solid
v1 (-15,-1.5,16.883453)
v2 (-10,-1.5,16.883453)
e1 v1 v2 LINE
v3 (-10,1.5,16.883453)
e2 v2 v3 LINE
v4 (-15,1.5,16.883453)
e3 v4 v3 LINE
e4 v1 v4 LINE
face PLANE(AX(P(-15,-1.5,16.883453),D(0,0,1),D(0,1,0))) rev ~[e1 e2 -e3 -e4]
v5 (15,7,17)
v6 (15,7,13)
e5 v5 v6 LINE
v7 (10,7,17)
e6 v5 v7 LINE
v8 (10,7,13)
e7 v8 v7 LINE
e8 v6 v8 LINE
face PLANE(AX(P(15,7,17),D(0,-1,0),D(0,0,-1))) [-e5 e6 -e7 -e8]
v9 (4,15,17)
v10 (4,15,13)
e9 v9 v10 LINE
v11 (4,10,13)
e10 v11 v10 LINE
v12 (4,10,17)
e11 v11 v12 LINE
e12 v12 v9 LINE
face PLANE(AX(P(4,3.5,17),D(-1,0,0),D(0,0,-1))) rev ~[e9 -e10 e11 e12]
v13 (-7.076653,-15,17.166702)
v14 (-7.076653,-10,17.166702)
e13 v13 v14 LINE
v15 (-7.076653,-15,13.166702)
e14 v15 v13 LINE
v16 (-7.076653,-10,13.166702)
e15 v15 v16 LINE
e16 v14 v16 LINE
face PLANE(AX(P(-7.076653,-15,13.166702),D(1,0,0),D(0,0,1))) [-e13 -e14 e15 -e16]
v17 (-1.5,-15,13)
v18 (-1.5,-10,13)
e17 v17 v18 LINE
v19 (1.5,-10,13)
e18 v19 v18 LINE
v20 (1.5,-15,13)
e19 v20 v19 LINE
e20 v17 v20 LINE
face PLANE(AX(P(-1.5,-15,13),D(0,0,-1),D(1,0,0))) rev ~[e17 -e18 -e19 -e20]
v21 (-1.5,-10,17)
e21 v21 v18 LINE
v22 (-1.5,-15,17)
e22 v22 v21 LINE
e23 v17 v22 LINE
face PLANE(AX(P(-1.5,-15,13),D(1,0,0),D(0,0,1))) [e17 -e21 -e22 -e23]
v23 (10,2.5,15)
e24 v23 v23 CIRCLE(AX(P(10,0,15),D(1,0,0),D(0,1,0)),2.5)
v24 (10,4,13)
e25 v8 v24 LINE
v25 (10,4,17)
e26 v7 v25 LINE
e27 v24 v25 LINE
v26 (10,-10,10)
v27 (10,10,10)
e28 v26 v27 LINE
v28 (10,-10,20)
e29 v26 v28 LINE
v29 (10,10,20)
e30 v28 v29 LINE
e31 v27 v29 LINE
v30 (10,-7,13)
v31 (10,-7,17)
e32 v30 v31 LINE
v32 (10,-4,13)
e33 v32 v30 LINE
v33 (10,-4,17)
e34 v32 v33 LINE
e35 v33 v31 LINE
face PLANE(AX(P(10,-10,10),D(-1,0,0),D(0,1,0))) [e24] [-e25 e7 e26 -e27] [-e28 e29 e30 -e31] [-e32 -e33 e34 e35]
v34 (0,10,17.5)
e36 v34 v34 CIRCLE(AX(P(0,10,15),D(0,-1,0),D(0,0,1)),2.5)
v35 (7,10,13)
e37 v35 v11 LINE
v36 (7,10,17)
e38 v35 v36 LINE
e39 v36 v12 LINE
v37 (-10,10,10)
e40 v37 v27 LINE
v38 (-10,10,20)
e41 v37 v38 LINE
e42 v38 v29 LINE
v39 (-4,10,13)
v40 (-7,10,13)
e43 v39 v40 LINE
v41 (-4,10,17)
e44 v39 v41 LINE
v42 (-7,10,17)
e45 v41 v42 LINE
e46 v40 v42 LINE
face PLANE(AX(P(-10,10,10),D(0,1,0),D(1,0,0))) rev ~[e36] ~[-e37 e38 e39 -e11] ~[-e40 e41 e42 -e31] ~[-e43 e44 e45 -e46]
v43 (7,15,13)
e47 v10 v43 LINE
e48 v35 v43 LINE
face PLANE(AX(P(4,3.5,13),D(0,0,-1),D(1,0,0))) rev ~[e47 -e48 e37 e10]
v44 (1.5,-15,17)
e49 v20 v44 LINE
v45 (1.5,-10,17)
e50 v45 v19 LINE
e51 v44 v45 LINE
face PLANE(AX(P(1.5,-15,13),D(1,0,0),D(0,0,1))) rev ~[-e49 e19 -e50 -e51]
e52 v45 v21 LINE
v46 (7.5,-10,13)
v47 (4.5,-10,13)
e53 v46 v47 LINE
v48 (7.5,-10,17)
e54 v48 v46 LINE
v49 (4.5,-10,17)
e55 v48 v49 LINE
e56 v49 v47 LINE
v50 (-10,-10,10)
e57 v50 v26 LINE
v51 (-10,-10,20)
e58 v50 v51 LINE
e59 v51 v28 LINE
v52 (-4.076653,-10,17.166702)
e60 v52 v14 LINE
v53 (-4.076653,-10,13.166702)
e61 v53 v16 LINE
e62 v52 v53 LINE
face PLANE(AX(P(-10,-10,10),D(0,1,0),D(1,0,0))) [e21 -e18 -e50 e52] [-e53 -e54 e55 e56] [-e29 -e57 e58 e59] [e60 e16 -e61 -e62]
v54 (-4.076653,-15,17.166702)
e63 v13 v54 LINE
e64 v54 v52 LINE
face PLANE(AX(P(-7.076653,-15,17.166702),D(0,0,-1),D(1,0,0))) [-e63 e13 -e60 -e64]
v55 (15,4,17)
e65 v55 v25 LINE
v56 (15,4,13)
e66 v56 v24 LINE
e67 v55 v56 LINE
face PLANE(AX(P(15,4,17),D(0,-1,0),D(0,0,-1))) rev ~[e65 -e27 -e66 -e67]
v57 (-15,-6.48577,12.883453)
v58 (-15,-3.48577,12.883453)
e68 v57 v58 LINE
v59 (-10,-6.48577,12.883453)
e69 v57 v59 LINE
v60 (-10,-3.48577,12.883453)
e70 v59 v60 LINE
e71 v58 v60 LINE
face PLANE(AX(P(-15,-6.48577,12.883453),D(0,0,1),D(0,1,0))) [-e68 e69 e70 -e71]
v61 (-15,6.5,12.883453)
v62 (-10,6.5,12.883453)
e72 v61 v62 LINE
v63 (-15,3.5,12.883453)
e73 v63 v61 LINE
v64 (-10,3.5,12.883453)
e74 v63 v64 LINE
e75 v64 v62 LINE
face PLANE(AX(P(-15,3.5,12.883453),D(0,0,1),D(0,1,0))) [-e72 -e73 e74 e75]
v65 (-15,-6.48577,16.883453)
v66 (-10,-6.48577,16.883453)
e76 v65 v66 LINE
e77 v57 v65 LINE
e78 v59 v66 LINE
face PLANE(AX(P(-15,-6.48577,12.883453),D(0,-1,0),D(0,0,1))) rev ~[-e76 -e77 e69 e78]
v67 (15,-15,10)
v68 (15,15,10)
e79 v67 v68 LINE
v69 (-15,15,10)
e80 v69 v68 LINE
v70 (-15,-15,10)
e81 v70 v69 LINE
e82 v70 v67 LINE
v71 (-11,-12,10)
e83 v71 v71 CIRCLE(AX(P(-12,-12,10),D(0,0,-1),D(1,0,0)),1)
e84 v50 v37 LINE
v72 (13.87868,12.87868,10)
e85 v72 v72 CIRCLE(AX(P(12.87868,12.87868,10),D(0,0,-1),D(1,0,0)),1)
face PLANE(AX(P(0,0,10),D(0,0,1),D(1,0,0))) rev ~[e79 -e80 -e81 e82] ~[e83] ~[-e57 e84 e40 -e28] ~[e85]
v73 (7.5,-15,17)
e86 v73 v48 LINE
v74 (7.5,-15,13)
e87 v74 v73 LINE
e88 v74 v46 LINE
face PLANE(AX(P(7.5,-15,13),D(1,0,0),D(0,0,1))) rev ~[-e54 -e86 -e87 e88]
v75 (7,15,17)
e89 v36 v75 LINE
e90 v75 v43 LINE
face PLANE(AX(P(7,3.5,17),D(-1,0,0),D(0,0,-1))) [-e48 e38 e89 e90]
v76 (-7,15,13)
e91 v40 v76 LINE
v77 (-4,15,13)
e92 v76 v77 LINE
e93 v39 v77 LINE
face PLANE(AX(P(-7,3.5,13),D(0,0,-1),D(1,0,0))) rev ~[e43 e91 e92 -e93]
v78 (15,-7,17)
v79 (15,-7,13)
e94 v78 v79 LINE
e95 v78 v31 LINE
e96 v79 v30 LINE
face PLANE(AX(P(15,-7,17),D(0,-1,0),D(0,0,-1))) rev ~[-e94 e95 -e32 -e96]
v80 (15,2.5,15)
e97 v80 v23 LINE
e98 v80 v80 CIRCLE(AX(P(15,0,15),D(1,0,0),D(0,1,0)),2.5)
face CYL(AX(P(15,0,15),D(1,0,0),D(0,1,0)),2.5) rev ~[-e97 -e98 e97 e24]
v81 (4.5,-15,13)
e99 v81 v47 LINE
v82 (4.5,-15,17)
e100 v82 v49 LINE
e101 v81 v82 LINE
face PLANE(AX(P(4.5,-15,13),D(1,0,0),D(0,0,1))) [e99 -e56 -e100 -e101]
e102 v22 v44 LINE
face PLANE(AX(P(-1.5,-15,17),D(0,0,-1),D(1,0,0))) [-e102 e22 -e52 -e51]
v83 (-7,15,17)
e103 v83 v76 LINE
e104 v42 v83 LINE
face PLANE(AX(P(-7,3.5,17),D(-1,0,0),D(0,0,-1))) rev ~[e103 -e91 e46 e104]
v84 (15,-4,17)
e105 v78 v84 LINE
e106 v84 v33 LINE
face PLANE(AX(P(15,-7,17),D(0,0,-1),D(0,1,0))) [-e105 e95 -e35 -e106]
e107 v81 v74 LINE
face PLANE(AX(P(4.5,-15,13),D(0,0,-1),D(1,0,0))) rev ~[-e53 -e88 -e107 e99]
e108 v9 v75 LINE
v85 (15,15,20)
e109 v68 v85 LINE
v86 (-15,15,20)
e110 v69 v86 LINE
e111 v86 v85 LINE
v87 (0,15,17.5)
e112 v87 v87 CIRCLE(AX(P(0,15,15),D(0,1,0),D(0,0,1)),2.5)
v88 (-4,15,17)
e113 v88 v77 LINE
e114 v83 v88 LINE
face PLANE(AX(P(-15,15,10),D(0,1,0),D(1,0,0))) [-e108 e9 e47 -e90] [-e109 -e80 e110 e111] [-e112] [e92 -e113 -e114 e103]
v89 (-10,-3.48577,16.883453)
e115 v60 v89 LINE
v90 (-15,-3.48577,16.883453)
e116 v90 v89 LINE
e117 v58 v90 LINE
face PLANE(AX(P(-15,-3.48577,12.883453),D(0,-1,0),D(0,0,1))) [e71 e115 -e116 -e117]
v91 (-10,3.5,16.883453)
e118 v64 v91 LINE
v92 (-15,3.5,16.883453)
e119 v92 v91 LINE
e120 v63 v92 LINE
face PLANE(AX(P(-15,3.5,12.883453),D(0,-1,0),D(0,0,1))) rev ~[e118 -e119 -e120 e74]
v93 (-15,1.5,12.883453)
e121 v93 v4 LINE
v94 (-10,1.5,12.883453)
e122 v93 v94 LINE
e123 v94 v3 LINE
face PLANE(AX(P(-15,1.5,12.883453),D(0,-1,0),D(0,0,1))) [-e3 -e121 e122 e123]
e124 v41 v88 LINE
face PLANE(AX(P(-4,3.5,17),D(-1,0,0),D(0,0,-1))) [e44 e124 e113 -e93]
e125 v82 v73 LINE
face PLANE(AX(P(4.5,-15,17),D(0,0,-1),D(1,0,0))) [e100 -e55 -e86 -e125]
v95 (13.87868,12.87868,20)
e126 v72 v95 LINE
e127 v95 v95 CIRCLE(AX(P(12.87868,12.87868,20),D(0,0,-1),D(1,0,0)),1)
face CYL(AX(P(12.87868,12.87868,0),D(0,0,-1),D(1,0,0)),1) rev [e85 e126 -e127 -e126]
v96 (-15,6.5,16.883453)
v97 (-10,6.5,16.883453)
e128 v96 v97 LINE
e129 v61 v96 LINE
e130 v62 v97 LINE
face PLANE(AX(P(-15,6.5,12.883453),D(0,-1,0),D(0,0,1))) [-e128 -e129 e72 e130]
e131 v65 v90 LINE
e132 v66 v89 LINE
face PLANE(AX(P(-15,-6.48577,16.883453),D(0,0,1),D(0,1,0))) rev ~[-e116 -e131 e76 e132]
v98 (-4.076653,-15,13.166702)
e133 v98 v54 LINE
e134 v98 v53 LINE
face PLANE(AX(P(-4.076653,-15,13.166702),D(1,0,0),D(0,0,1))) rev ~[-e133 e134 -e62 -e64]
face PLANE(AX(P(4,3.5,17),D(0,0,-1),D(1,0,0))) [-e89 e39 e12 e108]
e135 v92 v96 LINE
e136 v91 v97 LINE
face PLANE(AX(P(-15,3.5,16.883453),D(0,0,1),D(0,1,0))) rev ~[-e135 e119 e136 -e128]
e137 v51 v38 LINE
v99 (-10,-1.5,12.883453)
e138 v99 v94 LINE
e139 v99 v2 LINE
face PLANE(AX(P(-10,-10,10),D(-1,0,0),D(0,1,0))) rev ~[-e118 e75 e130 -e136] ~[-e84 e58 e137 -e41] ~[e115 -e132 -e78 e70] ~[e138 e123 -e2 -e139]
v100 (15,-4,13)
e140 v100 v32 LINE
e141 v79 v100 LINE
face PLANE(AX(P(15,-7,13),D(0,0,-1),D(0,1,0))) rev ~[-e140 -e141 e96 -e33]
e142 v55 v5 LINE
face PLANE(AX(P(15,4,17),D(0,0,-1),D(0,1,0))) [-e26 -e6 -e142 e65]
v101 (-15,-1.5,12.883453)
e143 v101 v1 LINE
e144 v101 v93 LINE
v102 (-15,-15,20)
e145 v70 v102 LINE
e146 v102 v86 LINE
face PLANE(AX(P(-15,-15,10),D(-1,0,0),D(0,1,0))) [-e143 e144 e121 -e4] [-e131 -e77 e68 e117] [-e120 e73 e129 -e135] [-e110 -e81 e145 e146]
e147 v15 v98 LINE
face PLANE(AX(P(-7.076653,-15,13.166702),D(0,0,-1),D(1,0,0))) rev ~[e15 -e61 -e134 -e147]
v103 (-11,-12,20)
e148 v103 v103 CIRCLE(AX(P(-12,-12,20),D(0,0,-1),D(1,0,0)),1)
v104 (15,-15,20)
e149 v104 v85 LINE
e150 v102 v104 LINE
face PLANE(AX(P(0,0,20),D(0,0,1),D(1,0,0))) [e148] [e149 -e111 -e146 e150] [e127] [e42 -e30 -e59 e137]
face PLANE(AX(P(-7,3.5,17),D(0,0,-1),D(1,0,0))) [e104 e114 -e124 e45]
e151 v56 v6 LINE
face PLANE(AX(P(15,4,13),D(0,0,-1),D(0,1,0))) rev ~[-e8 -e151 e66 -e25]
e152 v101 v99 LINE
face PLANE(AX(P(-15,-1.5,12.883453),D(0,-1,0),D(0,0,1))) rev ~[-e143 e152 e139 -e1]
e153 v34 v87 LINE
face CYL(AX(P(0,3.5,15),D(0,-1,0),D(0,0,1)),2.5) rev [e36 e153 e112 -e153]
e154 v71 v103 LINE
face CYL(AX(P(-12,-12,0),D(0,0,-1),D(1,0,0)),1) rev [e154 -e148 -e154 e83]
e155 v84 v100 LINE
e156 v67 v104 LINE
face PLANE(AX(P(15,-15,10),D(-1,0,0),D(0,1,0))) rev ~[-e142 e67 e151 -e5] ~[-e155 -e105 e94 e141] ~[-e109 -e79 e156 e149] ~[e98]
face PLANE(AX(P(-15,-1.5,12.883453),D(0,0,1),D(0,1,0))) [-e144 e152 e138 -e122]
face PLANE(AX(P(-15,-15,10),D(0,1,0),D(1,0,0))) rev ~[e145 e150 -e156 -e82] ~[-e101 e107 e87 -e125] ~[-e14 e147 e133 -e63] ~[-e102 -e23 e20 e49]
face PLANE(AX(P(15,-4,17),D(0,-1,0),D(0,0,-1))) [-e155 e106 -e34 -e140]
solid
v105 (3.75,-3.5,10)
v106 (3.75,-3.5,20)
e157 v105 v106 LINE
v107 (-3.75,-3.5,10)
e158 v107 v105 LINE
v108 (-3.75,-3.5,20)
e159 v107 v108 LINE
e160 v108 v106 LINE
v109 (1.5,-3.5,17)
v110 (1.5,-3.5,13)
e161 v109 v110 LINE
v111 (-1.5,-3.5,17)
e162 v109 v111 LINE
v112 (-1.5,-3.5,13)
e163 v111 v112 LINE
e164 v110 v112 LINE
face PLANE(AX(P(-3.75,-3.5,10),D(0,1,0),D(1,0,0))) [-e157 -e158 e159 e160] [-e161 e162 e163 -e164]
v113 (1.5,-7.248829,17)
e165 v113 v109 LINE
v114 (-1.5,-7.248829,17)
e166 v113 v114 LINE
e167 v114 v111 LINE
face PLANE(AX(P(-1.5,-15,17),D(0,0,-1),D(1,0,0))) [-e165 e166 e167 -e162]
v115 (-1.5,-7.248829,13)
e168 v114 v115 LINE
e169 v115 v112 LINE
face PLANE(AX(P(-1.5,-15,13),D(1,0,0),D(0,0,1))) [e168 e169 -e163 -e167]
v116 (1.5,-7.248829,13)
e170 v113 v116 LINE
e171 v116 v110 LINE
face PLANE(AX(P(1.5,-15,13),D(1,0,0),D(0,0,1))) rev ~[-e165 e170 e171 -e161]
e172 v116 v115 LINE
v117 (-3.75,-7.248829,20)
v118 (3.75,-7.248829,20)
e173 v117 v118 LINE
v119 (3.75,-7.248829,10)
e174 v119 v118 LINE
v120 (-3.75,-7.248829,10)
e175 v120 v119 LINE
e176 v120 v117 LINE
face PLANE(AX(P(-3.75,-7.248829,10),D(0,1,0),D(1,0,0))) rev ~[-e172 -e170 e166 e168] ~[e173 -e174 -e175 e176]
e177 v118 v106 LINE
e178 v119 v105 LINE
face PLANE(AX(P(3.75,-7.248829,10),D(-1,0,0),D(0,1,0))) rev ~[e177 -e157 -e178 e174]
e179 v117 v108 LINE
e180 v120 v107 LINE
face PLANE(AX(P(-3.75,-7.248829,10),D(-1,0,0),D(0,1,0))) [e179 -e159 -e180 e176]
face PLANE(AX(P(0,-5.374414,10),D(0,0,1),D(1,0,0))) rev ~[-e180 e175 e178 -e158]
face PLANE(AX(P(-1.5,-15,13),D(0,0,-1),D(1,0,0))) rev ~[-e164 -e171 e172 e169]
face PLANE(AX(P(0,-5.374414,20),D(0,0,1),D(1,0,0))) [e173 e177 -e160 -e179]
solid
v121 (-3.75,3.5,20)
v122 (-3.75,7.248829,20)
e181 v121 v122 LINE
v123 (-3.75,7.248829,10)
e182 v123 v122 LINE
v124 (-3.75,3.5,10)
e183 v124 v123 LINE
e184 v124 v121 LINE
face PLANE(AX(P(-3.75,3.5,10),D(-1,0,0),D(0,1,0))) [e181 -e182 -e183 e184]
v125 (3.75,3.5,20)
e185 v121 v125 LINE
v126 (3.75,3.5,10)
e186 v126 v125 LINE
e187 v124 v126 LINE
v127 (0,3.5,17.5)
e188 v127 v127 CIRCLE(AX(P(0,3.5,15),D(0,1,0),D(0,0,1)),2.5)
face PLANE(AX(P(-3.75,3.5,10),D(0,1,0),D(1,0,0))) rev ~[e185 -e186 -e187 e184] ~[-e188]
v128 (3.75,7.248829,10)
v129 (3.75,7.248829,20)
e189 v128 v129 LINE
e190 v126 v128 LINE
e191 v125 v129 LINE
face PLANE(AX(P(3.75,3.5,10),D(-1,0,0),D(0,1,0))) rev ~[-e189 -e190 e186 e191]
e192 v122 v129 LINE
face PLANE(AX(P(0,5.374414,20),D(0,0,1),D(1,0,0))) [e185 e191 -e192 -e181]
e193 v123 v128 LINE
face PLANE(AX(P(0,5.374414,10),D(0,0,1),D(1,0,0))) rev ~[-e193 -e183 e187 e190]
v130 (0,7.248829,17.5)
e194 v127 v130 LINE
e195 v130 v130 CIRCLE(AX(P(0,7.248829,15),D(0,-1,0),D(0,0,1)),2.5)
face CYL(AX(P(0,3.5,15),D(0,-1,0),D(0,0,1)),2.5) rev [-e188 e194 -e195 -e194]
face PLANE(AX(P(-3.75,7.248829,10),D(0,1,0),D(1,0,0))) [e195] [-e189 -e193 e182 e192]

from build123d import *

# Parameters (mm, degrees)
SKETCH1_W             = 30
SKETCH1_H             = 30
BOSS_EXTRUDE1_DEPTH   = 10
SKETCH2_W             = 30
SKETCH2_H             = 30
SKETCH2_W_2           = 20
SKETCH2_H_2           = 20
BOSS_EXTRUDE2_DEPTH   = 10
SKETCH2_W_3           = 7.5
SKETCH2_H_3           = 3.748828889
BOSS_EXTRUDE2_2_DEPTH = 10
BOSS_EXTRUDE2_3_DEPTH = 10
SKETCH3_W             = 30
SKETCH3_H             = 30
BOSS_EXTRUDE3_DEPTH   = 10
SKETCH4_R             = 3.1
CUT_EXTRUDE1_DEPTH    = 10
SKETCH5_R             = 3.1
CUT_EXTRUDE2_DEPTH    = 10
CUT_EXTRUDE3_START    = -30
SKETCH8_R             = 1
CUT_EXTRUDE3_DEPTH    = 30
CUT_EXTRUDE5_START    = -11.5
SKETCH9_R             = 2.5
SKETCH9_W             = 3
SKETCH9_H             = 4
CUT_EXTRUDE5_DEPTH    = 11.5
SKETCH10_R            = 2.5
SKETCH10_W            = 4
SKETCH10_H            = 3
CUT_EXTRUDE6_DEPTH    = 10
SKETCH11_W            = 4
SKETCH11_H            = 3
CUT_EXTRUDE7_DEPTH    = 9
SKETCH13_W            = 3
SKETCH13_H            = 4
CUT_EXTRUDE9_DEPTH    = 13


with BuildPart() as part:
    # Sketch1 → Boss-Extrude1 (new body)
    with BuildSketch(Plane.XY):
        Rectangle(SKETCH1_W, SKETCH1_H)
    extrude(amount=BOSS_EXTRUDE1_DEPTH)

    # Sketch5 → Cut-Extrude2 (cut)
    with BuildSketch(Plane(origin=(0, 0, 0), x_dir=(-1, 0, 0), z_dir=(0, 0, -1))):
        with Locations((-6, -0.372899474)):
            Circle(SKETCH5_R)
    extrude(amount=-CUT_EXTRUDE2_DEPTH, mode=Mode.SUBTRACT)


with BuildPart() as body_2:
    # Sketch2 → Boss-Extrude2 (new body)
    with BuildSketch(Plane.XY.offset(10)):
        Rectangle(SKETCH2_W, SKETCH2_H)
        Rectangle(SKETCH2_W_2, SKETCH2_H_2, mode=Mode.SUBTRACT)
    extrude(amount=BOSS_EXTRUDE2_DEPTH)


with BuildPart() as body_3:
    # Sketch2 → Boss-Extrude2 2 (new body)
    with BuildSketch(Plane.XY.offset(10)):
        with Locations((0, 5.374414445)):
            Rectangle(SKETCH2_W_3, SKETCH2_H_3)
    extrude(amount=BOSS_EXTRUDE2_2_DEPTH)


with BuildPart() as body_4:
    # Sketch2 → Boss-Extrude2 3 (new body)
    with BuildSketch(Plane.XY.offset(10)):
        with Locations((0, -5.374414445)):
            Rectangle(SKETCH2_W_3, SKETCH2_H_3)
    extrude(amount=BOSS_EXTRUDE2_3_DEPTH)


with BuildPart() as body_5:
    # Sketch3 → Boss-Extrude3 (new body)
    with BuildSketch(Plane.XY.offset(20)):
        Rectangle(SKETCH3_W, SKETCH3_H)
    extrude(amount=BOSS_EXTRUDE3_DEPTH)

    # Sketch4 → Cut-Extrude1 (cut)
    with BuildSketch(Plane.XY.offset(30)):
        with Locations((-6, 0)):
            Circle(SKETCH4_R)
    extrude(amount=-CUT_EXTRUDE1_DEPTH, mode=Mode.SUBTRACT)


with BuildPart() as cut_extrude3_tool:
    # Sketch8 → Cut-Extrude3 (new body)
    with BuildSketch(Plane.XY.offset(30).offset(CUT_EXTRUDE3_START)):
        with Locations((-12, -12)):
            Circle(SKETCH8_R)
        with Locations((12.878679656, 12.878679656)):
            Circle(SKETCH8_R)
    extrude(amount=CUT_EXTRUDE3_DEPTH)


with BuildPart() as part_1:
    add(part.part)

    # Cut-Extrude3: cut by cut_extrude3_tool
    add(cut_extrude3_tool.part, mode=Mode.SUBTRACT)


with BuildPart() as body_2_1:
    add(body_2.part)

    # Cut-Extrude3: cut by cut_extrude3_tool
    add(cut_extrude3_tool.part, mode=Mode.SUBTRACT)


with BuildPart() as body_5_1:
    add(body_5.part)

    # Cut-Extrude3: cut by cut_extrude3_tool
    add(cut_extrude3_tool.part, mode=Mode.SUBTRACT)


with BuildPart() as cut_extrude5_tool:
    # Sketch9 → Cut-Extrude5 (new body)
    with BuildSketch(Plane(origin=(0, 15, 0), x_dir=(1, 0, 0), z_dir=(0, 1, 0)).offset(CUT_EXTRUDE5_START)):
        with Locations(Location((0, -15, 0), (0, 0, 270))):
            Circle(SKETCH9_R)
        with Locations((-5.5, -15)):
            Rectangle(SKETCH9_W, SKETCH9_H)
        with Locations((5.5, -15)):
            Rectangle(SKETCH9_W, SKETCH9_H)
    extrude(amount=CUT_EXTRUDE5_DEPTH)


with BuildPart() as body_2_2:
    add(body_2_1.part)

    # Cut-Extrude5: cut by cut_extrude5_tool
    add(cut_extrude5_tool.part, mode=Mode.SUBTRACT)

    # Sketch10 → Cut-Extrude6 (cut)
    with BuildSketch(Plane(origin=(15, 0, 0), x_dir=(0, 0, -1), z_dir=(1, 0, 0))):
        with Locations(Location((-15, 0, 0), (0, 0, 90))):
            Circle(SKETCH10_R)
        with Locations((-15, 5.5)):
            Rectangle(SKETCH10_W, SKETCH10_H)
        with Locations((-15, -5.5)):
            Rectangle(SKETCH10_W, SKETCH10_H)
    extrude(amount=-CUT_EXTRUDE6_DEPTH, mode=Mode.SUBTRACT)

    # Sketch11 → Cut-Extrude7 (cut)
    with BuildSketch(Plane.ZY.offset(15)):
        with Locations((14.883452823, 5)):
            Rectangle(SKETCH11_W, SKETCH11_H)
        with Locations((14.883452823, 0)):
            Rectangle(SKETCH11_W, SKETCH11_H)
        with Locations((14.883452823, -4.985769597)):
            Rectangle(SKETCH11_W, SKETCH11_H)
    extrude(amount=-CUT_EXTRUDE7_DEPTH, mode=Mode.SUBTRACT)


with BuildPart() as body_3_1:
    add(body_3.part)

    # Cut-Extrude5: cut by cut_extrude5_tool
    add(cut_extrude5_tool.part, mode=Mode.SUBTRACT)


with BuildPart() as cut_extrude9_tool:
    # Sketch13 → Cut-Extrude9 (new body)
    with BuildSketch(Plane.XZ.offset(15)):
        with Locations((0, 15)):
            Rectangle(SKETCH13_W, SKETCH13_H)
        with Locations((6, 15)):
            Rectangle(SKETCH13_W, SKETCH13_H)
        with Locations((-5.576653418, 15.166702073)):
            Rectangle(SKETCH13_W, SKETCH13_H)
    extrude(amount=-CUT_EXTRUDE9_DEPTH)


with BuildPart() as body_2_3:
    add(body_2_2.part)

    # Cut-Extrude9: cut by cut_extrude9_tool
    add(cut_extrude9_tool.part, mode=Mode.SUBTRACT)


with BuildPart() as body_4_1:
    add(body_4.part)

    # Cut-Extrude9: cut by cut_extrude9_tool
    add(cut_extrude9_tool.part, mode=Mode.SUBTRACT)


solid = Compound([body_3_1.part, body_2_3.part, body_4_1.part])
